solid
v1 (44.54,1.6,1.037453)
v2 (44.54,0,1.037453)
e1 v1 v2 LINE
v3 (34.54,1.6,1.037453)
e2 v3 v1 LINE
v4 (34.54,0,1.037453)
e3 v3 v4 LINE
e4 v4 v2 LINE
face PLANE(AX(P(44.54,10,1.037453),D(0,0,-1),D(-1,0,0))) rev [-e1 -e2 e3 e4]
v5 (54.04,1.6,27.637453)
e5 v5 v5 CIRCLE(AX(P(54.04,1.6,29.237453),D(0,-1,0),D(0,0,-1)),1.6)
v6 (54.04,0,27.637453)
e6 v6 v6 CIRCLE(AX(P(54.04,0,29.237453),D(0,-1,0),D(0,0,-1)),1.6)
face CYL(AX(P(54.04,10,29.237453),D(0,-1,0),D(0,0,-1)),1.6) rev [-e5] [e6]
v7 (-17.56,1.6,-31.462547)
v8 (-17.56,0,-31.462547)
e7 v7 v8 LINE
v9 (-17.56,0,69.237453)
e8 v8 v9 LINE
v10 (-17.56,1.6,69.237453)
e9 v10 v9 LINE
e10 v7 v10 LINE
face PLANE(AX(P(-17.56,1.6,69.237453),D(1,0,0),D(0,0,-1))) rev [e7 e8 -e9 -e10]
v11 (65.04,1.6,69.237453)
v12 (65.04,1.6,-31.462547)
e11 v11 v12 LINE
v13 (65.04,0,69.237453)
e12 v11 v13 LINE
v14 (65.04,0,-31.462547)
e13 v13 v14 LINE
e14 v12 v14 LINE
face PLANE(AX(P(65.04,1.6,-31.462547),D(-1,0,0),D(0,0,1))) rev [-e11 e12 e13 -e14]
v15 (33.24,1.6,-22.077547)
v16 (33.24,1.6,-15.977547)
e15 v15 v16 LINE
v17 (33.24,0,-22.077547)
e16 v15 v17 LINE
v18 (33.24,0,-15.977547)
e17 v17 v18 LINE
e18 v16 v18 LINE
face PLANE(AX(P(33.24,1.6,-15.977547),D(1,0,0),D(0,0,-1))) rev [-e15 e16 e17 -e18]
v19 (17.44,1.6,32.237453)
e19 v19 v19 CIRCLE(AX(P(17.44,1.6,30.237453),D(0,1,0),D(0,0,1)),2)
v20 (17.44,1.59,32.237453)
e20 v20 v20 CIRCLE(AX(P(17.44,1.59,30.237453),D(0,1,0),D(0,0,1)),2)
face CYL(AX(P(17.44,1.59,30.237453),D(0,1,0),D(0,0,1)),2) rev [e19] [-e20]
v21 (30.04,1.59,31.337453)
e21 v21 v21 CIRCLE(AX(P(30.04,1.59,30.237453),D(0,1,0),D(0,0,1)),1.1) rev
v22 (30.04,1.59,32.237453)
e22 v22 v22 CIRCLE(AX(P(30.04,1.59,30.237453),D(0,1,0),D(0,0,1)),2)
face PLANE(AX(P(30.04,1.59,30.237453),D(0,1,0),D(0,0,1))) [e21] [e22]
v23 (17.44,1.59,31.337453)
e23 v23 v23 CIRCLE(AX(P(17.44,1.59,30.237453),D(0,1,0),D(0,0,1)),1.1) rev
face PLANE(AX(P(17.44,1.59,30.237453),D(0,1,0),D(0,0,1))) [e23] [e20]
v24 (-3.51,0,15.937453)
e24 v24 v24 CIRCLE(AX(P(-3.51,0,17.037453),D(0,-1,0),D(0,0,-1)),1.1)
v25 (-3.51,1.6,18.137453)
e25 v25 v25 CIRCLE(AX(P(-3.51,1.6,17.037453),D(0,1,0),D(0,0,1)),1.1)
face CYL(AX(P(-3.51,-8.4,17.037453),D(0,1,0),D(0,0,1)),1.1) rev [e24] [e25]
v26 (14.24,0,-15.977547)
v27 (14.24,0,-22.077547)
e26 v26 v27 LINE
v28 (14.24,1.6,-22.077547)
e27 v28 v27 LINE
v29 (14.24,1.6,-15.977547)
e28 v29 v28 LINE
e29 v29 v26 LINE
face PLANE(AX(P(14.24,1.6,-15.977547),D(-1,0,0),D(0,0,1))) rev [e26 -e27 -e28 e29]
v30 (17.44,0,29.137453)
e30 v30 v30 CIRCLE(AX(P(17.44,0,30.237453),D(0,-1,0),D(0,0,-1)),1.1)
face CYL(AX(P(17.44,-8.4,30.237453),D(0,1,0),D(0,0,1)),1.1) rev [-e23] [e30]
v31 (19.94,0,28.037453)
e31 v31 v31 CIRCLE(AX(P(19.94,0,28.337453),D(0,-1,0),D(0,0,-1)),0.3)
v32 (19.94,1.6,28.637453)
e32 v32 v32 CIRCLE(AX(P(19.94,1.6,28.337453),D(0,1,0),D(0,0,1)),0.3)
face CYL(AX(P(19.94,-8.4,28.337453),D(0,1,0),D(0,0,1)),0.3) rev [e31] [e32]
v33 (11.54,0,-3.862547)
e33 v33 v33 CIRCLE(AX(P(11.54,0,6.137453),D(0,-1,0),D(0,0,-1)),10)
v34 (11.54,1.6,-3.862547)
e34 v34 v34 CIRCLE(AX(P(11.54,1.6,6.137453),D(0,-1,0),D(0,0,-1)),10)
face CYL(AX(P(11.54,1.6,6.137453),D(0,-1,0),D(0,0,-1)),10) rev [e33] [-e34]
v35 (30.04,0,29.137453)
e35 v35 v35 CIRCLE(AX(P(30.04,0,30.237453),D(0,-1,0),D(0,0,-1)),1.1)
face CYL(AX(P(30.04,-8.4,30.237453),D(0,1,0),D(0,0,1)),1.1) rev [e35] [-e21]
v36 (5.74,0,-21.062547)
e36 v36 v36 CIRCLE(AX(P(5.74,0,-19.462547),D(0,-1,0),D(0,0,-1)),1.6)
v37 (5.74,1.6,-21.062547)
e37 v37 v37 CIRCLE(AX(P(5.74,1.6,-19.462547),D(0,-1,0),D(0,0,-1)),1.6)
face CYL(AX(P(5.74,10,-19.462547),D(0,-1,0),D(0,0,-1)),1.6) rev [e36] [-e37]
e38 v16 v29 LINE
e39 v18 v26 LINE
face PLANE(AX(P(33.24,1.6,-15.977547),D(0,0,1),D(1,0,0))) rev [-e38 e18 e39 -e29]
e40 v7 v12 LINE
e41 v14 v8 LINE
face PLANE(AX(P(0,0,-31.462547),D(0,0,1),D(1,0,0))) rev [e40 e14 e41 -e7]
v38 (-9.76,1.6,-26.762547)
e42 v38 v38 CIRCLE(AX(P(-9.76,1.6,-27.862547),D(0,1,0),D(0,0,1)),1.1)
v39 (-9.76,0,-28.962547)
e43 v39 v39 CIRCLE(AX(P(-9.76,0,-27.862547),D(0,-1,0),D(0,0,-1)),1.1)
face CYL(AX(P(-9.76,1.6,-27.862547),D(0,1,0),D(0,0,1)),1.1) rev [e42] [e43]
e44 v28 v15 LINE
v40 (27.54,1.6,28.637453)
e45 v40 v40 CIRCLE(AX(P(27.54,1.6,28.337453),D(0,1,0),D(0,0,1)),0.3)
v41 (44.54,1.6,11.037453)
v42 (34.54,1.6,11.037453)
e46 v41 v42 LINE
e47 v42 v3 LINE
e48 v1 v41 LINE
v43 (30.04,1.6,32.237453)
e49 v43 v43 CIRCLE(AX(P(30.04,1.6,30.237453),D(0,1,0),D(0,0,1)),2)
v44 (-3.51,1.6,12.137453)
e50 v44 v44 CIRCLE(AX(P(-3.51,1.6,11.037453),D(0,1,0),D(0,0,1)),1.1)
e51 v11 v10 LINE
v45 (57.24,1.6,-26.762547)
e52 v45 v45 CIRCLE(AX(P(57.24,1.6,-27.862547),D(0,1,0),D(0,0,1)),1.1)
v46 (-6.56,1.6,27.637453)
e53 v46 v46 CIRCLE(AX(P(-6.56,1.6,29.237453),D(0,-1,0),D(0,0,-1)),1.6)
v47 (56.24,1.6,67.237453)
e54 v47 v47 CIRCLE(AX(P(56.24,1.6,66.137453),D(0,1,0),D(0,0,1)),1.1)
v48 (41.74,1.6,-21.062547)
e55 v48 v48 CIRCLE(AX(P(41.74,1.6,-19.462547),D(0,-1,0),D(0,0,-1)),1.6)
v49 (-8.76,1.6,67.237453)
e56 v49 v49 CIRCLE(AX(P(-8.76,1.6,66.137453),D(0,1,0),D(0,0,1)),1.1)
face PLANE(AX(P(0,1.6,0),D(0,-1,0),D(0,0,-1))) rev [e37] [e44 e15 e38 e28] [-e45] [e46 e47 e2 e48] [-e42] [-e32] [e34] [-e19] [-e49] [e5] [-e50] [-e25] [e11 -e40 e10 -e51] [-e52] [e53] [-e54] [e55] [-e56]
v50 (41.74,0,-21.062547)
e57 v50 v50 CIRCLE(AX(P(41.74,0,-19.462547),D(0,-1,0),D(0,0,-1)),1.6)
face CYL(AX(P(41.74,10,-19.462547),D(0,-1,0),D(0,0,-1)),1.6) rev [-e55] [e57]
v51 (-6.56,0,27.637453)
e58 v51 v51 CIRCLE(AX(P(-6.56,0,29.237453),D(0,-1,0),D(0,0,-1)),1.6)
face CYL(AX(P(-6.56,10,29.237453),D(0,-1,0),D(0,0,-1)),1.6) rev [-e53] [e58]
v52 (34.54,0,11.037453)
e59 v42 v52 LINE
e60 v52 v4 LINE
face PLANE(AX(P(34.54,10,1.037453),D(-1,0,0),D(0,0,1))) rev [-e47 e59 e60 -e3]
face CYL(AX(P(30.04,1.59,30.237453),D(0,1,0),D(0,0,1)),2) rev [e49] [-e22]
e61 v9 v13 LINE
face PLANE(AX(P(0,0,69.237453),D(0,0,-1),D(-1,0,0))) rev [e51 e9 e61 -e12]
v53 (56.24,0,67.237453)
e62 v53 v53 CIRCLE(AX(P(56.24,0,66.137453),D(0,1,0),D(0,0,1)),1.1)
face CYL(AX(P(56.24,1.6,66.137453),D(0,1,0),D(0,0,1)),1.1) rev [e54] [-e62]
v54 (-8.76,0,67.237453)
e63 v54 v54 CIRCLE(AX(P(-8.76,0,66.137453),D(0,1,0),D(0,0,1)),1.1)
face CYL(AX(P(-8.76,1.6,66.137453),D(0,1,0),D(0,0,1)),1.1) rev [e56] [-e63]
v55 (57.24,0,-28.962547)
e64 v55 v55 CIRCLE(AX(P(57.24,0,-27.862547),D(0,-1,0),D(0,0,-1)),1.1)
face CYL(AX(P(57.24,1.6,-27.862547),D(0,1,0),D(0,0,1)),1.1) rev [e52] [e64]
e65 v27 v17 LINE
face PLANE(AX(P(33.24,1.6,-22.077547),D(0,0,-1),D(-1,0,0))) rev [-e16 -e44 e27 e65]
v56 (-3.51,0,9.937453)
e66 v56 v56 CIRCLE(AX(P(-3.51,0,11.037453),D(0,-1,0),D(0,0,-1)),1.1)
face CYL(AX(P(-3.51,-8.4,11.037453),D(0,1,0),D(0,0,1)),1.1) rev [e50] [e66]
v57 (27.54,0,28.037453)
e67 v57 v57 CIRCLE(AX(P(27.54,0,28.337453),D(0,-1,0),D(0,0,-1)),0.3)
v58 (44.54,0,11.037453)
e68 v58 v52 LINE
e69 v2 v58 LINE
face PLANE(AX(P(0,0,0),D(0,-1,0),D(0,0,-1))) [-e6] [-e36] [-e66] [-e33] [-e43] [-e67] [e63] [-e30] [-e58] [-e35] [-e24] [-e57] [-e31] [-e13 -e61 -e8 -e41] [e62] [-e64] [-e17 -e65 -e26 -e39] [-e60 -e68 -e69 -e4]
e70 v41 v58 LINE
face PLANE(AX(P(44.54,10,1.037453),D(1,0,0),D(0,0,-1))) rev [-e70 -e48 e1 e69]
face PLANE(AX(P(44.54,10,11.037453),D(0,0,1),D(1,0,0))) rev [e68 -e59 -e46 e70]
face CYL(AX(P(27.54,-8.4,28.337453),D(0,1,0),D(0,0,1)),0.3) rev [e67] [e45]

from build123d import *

# Parameters (mm, degrees)
BOSS_EXTRUDE1_DEPTH            = 1.6
F_2_2_2_2_DIAMETER_HOLE1_D     = 2.2
F_2_2_2_2_DIAMETER_HOLE1_DEPTH = 5
SKETCH9_R                      = 10
CUT_EXTRUDE4_DEPTH             = 2.6
SKETCH15_W                     = 83
SKETCH15_H                     = 2.5
CUT_EXTRUDE8_DEPTH             = 2.6
SKETCH37_W                     = 83
SKETCH37_H                     = 1.6
EXTRUDE1_DEPTH                 = 1.6
SKETCH38_W                     = 83
SKETCH38_H                     = 1.6
EXTRUDE2_DEPTH                 = 1.6
F_2_2_2_2_DIAMETER_HOLE4_D     = 2.2
F_2_2_2_2_DIAMETER_HOLE4_DEPTH = 1.6
SKETCH49_W                     = 0.2
SKETCH49_H                     = 100.7
EXTRUDE5_DEPTH                 = 2.6
SKETCH51_W                     = 10
SKETCH51_H                     = 10
CUT_EXTRUDE9_DEPTH             = 10
SKETCH52_W                     = 19
SKETCH52_H                     = 6.1
CUT_EXTRUDE10_DEPTH            = 2.6
SKETCH_2_R                     = 1.6
CUT_EXTRUDE_2_DEPTH            = 10
SKETCH_8_R                     = 0.3
CUT_EXTRUDE_3_DEPTH            = 10
SKETCH_9_R                     = 1.1
CUT_EXTRUDE_4_DEPTH            = 10
SKETCH_10_R                    = 2
CUT_EXTRUDE_5_DEPTH            = 0.01
SKETCH_11_R                    = 1.1
CUT_EXTRUDE_6_DEPTH            = 10


with BuildPart() as part:
    # Sketch1 → Boss-Extrude1 (new body)
    with BuildSketch(Plane(origin=(0, 0, 0), x_dir=(1, 0, 0), z_dir=(0, 1, 0))):
        Polygon((65.24, 0.272495156), (65.24, -46.437452638), (65.24, -63.637452638), (65.24, -70.137452638), (-17.76, -70.137452638), (-17.76, -63.637452638), (-17.76, -48.637452638), (-17.76, -45.78978272), (-17.76, 4.362547362), (-17.76, 21.562547362), (-17.76, 29.862547362), (65.24, 29.862547362), (65.24, 21.562547362), (65.24, 6.562547362), align=None)
    extrude(amount=BOSS_EXTRUDE1_DEPTH)

    # Ø2.2 (2.2) Diameter Hole1
    with Locations(Plane(origin=(0, 1.6, 0), x_dir=(1, 0, 0), z_dir=(0, 1, 0))):
        with Locations((57.24, 27.862547362), (-9.76, 27.862547362)):
            Hole(F_2_2_2_2_DIAMETER_HOLE1_D / 2, depth=F_2_2_2_2_DIAMETER_HOLE1_DEPTH)

    # Sketch9 → Cut-Extrude4 (cut, through all)
    with BuildSketch(Plane(origin=(0, 0, 0), x_dir=(-1, 0, 0), z_dir=(0, -1, 0))):
        with Locations((-11.54, -6.137452638)):
            Circle(SKETCH9_R)
    extrude(amount=-CUT_EXTRUDE4_DEPTH, mode=Mode.SUBTRACT)

    # Sketch15 → Cut-Extrude8 (cut, through all)
    with BuildSketch(Plane.XZ):
        with Locations((23.74, 68.887452638)):
            Rectangle(SKETCH15_W, SKETCH15_H)
    extrude(amount=-CUT_EXTRUDE8_DEPTH, mode=Mode.SUBTRACT)

    # Sketch37 → Extrude1 (add)
    with BuildSketch(Plane(origin=(0, 0, -29.862547362), x_dir=(-1, 0, 0), z_dir=(0, 0, -1))):
        with Locations((-23.74, 0.8)):
            Rectangle(SKETCH37_W, SKETCH37_H)
    extrude(amount=EXTRUDE1_DEPTH)

    # Sketch38 → Extrude2 (add)
    with BuildSketch(Plane.XY.offset(67.637452638)):
        with Locations((23.74, 0.8)):
            Rectangle(SKETCH38_W, SKETCH38_H)
    extrude(amount=EXTRUDE2_DEPTH)

    # Ø2.2 (2.2) Diameter Hole4
    with Locations(Plane(origin=(0, 1.6, 0), x_dir=(1, 0, 0), z_dir=(0, 1, 0))):
        with Locations((-8.76, -66.137452638), (56.24, -66.137452638)):
            Hole(F_2_2_2_2_DIAMETER_HOLE4_D / 2, depth=F_2_2_2_2_DIAMETER_HOLE4_DEPTH)

    # Sketch49 → Extrude5 (cut, through all)
    with BuildSketch(Plane.XZ):
        with Locations((65.14, 18.887452638)):
            Rectangle(SKETCH49_W, SKETCH49_H)
        with Locations((-17.66, 18.887452638)):
            Rectangle(SKETCH49_W, SKETCH49_H)
    extrude(amount=-EXTRUDE5_DEPTH, mode=Mode.SUBTRACT)

    # Sketch51 → Cut-Extrude9 (cut)
    with BuildSketch(Plane.XZ):
        with Locations((39.54, 6.037452638)):
            Rectangle(SKETCH51_W, SKETCH51_H)
    extrude(amount=-CUT_EXTRUDE9_DEPTH, mode=Mode.SUBTRACT)

    # Sketch52 → Cut-Extrude10 (cut, through all)
    with BuildSketch(Plane.XZ):
        with Locations((23.74, -19.027547362)):
            Rectangle(SKETCH52_W, SKETCH52_H)
    extrude(amount=-CUT_EXTRUDE10_DEPTH, mode=Mode.SUBTRACT)

    # ｽｹｯﾁ2 → ｶｯﾄ - 押し出し2 (cut)
    with BuildSketch(Plane(origin=(0, 0, 0), x_dir=(-1, 0, 0), z_dir=(0, -1, 0))):
        with Locations((-54.04, -29.237452638)):
            Circle(SKETCH_2_R)
        with Locations((6.56, -29.237452638)):
            Circle(SKETCH_2_R)
        with Locations((-41.74, 19.462547362)):
            Circle(SKETCH_2_R)
        with Locations((-5.74, 19.462547362)):
            Circle(SKETCH_2_R)
    extrude(amount=-CUT_EXTRUDE_2_DEPTH, mode=Mode.SUBTRACT)

    # ｽｹｯﾁ8 → ｶｯﾄ - 押し出し3 (cut)
    with BuildSketch(Plane(origin=(0, 1.6, 0), x_dir=(1, 0, 0), z_dir=(0, 1, 0))):
        with Locations((27.54, -28.337452638)):
            Circle(SKETCH_8_R)
        with Locations((19.94, -28.337452638)):
            Circle(SKETCH_8_R)
    extrude(amount=-CUT_EXTRUDE_3_DEPTH, mode=Mode.SUBTRACT)

    # ｽｹｯﾁ9 → ｶｯﾄ - 押し出し4 (cut)
    with BuildSketch(Plane(origin=(0, 1.6, 0), x_dir=(1, 0, 0), z_dir=(0, 1, 0))):
        with Locations((30.04, -30.237452638)):
            Circle(SKETCH_9_R)
        with Locations((17.44, -30.237452638)):
            Circle(SKETCH_9_R)
    extrude(amount=-CUT_EXTRUDE_4_DEPTH, mode=Mode.SUBTRACT)

    # ｽｹｯﾁ10 → ｶｯﾄ - 押し出し5 (cut)
    with BuildSketch(Plane(origin=(0, 1.6, 0), x_dir=(1, 0, 0), z_dir=(0, 1, 0))):
        with Locations((30.04, -30.237452638)):
            Circle(SKETCH_10_R)
        with Locations((17.44, -30.237452638)):
            Circle(SKETCH_10_R)
    extrude(amount=-CUT_EXTRUDE_5_DEPTH, mode=Mode.SUBTRACT)

    # ｽｹｯﾁ11 → ｶｯﾄ - 押し出し6 (cut)
    with BuildSketch(Plane(origin=(0, 1.6, 0), x_dir=(1, 0, 0), z_dir=(0, 1, 0))):
        with Locations((-3.51, -11.037452638)):
            Circle(SKETCH_11_R)
        with Locations((-3.51, -17.037452638)):
            Circle(SKETCH_11_R)
    extrude(amount=-CUT_EXTRUDE_6_DEPTH, mode=Mode.SUBTRACT)


solid = part.part
